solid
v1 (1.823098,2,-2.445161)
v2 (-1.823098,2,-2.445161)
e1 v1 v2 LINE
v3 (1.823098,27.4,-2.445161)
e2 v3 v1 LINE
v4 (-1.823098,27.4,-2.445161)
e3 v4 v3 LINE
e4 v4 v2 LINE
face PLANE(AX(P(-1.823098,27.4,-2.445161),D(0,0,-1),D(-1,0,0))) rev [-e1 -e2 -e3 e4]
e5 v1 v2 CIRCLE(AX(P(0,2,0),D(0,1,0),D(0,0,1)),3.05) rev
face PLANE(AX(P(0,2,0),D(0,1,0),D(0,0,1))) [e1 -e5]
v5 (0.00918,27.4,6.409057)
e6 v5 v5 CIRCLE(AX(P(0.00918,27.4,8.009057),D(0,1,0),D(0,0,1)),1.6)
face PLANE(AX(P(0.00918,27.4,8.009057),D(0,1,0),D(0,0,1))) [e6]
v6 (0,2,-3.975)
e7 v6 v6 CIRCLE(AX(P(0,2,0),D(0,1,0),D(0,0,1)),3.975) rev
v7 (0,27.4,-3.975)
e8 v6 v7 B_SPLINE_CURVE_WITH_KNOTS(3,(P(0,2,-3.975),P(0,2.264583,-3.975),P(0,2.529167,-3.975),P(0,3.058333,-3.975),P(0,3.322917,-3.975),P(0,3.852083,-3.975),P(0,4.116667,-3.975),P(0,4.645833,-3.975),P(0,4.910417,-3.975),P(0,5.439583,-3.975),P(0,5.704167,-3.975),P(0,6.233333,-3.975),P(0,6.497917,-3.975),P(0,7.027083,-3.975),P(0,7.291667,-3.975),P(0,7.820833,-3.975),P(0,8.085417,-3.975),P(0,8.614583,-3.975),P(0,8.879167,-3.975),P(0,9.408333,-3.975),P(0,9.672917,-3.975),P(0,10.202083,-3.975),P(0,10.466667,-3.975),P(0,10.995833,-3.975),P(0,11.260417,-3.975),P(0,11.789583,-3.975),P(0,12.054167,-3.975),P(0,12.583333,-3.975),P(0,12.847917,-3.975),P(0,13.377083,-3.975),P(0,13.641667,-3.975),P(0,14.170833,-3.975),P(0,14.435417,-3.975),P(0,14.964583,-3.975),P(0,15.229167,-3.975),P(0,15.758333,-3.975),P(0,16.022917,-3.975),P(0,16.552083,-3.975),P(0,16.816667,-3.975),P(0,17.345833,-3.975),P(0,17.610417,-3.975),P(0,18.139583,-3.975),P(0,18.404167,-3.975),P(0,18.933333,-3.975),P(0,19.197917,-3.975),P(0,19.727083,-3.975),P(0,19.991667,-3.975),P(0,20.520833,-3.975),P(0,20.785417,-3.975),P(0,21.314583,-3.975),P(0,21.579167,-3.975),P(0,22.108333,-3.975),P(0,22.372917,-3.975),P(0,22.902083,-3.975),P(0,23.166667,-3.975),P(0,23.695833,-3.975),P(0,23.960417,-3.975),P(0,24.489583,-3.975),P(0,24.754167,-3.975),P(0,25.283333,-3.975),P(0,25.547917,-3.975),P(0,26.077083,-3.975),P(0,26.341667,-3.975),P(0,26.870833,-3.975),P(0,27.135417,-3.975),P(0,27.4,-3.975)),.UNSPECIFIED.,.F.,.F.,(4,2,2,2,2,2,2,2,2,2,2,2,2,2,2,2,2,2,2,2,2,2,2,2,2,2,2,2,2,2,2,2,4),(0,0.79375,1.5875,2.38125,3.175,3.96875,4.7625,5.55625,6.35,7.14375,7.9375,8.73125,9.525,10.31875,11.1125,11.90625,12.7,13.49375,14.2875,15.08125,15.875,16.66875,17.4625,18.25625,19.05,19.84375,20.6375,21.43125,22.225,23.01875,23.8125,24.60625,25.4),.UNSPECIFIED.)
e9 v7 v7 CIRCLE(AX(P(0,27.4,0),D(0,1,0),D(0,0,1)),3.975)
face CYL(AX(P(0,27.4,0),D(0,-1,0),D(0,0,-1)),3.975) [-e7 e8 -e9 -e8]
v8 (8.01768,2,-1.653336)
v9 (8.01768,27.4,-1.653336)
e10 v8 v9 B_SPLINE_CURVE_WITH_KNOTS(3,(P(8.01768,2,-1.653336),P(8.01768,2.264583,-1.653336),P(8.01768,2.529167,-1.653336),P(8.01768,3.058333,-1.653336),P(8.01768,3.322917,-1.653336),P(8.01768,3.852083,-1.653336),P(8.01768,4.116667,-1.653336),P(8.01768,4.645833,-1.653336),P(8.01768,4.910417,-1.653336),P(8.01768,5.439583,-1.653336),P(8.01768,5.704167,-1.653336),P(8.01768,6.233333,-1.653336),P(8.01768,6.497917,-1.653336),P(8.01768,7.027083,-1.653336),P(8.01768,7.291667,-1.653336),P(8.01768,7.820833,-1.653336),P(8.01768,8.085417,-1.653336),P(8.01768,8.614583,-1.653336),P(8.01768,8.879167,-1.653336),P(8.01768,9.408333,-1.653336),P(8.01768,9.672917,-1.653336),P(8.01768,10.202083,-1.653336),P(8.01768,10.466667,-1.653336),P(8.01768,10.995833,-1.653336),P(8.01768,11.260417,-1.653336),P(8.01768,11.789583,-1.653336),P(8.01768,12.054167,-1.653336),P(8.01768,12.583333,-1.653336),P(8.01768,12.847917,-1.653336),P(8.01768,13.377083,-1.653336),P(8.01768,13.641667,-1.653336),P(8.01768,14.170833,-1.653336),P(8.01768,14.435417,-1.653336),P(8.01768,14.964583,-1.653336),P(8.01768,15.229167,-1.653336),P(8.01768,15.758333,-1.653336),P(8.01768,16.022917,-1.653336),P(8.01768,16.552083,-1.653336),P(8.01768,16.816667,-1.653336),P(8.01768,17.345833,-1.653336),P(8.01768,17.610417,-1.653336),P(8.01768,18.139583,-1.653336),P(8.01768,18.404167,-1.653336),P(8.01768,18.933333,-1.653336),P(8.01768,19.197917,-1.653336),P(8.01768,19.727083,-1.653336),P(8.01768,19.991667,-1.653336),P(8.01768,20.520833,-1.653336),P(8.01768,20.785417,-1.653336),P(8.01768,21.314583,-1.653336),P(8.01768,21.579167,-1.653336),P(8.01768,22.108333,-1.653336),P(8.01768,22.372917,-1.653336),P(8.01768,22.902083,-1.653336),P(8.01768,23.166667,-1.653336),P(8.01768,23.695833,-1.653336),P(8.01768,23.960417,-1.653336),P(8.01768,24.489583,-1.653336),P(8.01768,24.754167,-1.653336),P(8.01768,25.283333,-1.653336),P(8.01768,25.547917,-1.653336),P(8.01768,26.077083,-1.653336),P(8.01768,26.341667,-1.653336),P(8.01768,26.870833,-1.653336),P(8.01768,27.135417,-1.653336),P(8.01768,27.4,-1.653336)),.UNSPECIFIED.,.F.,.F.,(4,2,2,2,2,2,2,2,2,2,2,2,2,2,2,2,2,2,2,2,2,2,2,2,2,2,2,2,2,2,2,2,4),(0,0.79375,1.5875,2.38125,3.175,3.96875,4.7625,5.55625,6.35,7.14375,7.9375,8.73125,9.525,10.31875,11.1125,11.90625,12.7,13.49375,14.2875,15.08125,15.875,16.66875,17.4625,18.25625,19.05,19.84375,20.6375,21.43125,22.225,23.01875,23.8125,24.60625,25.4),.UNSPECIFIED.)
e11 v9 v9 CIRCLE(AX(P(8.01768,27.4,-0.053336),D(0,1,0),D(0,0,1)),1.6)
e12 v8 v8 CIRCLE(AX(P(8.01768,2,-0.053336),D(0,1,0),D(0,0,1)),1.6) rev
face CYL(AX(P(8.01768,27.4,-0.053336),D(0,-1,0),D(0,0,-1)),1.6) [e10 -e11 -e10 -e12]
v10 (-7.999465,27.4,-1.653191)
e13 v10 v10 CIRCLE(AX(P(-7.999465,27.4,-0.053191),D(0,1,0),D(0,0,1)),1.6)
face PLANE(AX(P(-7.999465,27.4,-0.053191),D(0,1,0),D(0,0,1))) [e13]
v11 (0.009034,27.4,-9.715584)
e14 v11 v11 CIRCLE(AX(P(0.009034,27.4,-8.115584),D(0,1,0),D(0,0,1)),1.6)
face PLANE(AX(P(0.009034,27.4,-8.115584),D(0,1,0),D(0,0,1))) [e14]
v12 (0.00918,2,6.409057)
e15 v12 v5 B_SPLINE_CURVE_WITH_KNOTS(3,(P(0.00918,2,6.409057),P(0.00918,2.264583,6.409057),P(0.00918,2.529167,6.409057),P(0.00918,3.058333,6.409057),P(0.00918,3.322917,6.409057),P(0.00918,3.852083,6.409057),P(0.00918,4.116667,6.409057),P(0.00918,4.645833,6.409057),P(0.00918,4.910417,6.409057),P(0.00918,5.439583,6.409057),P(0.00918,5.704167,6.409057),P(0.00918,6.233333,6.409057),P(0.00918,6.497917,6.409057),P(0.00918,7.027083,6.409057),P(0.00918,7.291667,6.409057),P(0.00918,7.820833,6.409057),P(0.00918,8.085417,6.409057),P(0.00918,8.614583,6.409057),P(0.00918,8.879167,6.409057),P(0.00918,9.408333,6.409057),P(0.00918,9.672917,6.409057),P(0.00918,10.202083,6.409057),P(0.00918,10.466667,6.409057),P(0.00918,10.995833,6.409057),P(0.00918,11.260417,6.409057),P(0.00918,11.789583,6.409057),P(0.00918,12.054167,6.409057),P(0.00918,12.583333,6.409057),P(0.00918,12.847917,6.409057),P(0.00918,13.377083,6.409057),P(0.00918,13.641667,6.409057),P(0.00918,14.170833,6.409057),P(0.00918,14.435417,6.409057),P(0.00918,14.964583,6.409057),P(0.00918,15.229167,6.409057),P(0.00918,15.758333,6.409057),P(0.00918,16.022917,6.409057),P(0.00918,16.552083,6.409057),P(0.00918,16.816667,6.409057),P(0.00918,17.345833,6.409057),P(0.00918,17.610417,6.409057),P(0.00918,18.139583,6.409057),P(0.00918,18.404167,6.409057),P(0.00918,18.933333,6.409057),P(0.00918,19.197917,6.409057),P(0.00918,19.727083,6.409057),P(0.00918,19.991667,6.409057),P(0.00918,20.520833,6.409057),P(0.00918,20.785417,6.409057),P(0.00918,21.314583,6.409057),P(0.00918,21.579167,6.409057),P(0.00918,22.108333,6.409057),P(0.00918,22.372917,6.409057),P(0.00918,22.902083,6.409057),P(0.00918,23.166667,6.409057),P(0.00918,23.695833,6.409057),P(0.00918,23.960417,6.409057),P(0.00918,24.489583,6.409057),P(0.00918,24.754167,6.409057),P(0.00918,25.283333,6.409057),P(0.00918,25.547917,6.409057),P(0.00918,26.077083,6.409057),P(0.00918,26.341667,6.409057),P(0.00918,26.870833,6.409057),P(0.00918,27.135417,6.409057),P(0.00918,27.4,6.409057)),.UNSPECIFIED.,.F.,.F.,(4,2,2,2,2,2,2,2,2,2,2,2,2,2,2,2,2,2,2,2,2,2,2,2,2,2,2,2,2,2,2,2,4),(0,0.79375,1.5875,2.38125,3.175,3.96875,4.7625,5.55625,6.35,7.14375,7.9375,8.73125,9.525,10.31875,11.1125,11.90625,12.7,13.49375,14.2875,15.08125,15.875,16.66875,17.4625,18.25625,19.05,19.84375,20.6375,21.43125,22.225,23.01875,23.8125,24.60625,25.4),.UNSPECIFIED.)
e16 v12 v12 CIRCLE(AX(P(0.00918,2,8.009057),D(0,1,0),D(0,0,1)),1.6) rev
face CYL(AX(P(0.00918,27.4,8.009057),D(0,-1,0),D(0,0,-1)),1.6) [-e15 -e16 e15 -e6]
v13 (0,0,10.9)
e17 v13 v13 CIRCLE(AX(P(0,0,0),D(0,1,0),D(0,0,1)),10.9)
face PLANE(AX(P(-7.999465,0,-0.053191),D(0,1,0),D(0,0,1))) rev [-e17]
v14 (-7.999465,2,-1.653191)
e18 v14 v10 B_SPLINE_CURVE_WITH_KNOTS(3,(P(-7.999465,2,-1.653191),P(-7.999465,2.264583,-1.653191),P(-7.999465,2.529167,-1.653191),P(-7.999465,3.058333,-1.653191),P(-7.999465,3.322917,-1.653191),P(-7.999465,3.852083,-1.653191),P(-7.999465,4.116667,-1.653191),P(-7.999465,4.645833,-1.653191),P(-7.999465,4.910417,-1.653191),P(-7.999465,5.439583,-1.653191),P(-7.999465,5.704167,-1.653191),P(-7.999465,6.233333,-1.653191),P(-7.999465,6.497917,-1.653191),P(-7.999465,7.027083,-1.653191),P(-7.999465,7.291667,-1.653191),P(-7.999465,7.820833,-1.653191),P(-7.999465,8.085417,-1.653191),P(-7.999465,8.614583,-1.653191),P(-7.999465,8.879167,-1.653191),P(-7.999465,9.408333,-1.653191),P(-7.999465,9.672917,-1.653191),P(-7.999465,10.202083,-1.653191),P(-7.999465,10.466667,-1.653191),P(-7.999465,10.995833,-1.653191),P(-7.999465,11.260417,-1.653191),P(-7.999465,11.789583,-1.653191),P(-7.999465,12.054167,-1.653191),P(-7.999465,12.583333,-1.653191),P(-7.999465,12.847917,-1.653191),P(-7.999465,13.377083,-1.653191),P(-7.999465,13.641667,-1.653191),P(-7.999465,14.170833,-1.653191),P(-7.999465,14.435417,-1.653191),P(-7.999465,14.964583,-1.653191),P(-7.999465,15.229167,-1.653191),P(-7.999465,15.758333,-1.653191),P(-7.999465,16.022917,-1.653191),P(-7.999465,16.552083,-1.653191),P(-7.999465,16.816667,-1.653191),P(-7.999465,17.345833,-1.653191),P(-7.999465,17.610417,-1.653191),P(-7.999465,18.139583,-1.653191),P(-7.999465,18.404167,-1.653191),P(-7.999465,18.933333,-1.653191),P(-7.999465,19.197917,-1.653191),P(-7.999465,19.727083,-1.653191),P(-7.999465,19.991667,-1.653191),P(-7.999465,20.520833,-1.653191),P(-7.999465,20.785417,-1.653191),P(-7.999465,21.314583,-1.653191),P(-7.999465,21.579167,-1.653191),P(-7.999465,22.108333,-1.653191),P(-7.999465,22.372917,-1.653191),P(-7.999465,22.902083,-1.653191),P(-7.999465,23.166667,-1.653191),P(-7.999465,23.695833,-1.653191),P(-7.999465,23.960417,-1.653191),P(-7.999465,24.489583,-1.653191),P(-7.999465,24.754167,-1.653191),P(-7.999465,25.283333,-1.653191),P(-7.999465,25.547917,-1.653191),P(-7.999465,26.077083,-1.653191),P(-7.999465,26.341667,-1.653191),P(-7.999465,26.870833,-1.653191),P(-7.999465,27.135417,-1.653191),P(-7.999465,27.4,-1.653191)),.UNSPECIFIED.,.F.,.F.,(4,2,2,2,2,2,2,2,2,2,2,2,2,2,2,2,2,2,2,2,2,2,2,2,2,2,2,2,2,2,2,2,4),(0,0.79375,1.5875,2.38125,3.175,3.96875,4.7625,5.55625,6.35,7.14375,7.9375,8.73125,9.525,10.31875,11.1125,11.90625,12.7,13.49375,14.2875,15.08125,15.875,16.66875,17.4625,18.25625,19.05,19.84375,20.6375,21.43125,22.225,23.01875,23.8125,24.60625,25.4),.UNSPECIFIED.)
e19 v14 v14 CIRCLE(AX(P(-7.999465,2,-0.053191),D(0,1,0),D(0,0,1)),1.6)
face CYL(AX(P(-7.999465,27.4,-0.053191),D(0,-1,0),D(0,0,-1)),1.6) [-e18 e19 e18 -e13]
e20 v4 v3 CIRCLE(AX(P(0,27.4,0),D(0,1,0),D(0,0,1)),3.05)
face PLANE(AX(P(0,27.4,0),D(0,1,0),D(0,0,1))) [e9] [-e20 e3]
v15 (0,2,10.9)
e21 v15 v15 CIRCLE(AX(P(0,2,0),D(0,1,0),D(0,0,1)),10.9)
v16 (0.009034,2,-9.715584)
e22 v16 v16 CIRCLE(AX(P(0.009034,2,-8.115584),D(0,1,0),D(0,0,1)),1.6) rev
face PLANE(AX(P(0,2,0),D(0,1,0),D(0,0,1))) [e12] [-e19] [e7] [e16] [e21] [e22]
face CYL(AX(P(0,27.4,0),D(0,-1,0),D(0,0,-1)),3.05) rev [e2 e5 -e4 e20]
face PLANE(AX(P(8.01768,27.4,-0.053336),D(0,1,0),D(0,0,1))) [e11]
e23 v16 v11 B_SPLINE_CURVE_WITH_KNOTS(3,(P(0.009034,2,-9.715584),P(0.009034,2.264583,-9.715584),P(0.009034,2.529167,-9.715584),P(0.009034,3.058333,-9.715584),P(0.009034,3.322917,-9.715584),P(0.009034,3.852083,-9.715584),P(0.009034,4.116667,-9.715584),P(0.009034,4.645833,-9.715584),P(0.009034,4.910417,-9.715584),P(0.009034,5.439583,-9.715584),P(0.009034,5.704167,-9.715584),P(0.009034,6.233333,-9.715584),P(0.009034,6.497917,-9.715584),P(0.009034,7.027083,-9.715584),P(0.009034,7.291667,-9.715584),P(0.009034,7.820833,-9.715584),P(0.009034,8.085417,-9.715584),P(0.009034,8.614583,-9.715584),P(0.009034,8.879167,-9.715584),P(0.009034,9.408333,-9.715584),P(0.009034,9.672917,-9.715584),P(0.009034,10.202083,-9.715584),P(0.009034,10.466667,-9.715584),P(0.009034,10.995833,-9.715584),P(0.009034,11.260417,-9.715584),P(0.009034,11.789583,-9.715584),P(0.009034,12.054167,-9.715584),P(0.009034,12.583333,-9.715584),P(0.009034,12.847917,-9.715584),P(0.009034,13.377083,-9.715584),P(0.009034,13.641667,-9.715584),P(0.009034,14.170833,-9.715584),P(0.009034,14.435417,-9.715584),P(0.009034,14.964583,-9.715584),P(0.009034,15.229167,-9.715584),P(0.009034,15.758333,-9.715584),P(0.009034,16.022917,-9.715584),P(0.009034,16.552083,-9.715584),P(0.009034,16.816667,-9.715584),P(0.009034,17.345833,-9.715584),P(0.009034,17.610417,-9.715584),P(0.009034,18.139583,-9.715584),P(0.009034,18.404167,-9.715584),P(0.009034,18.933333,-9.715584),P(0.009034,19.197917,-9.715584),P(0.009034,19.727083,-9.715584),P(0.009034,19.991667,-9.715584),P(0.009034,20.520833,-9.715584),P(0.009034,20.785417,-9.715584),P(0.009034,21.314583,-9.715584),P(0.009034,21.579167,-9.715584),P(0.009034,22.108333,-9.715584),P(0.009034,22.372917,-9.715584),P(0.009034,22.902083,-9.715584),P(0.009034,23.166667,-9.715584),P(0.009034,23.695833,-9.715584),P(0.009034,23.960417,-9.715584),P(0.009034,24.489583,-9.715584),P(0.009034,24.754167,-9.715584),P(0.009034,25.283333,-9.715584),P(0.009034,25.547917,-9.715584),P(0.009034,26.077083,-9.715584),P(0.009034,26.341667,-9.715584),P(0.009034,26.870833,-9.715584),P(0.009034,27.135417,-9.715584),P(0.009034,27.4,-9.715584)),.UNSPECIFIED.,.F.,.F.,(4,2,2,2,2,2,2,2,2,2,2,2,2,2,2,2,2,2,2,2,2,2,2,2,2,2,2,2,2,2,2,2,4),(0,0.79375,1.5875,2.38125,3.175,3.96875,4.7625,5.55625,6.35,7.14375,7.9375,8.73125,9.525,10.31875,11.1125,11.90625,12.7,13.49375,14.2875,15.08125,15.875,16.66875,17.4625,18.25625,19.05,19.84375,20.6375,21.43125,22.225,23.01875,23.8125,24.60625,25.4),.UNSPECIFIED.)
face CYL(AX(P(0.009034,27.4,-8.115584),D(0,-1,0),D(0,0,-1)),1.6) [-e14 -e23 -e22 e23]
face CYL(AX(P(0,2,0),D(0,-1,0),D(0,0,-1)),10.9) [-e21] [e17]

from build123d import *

# Parameters (mm, degrees)
SKETCH3_R             = 1.6
BOSS_EXTRUDE1_DEPTH   = 27.4
BOSS_EXTRUDE1_2_DEPTH = 27.4
BOSS_EXTRUDE1_3_DEPTH = 27.4
BOSS_EXTRUDE1_4_DEPTH = 27.4
SKETCH3_R_2           = 3.975
BOSS_EXTRUDE1_5_DEPTH = 27.4
SKETCH3_17_R          = 10.9
BOSS_EXTRUDE2_DEPTH   = 2


with BuildPart() as part:
    # Sketch3 → Boss-Extrude1 (new body)
    with BuildSketch(Plane(origin=(0, 0, 0), x_dir=(1, 0, 0), z_dir=(0, 1, 0))):
        with Locations((0.009034474, 8.115584077)):
            Circle(SKETCH3_R)
    extrude(amount=BOSS_EXTRUDE1_DEPTH)



with BuildPart() as body_2:
    # Sketch3 → Boss-Extrude1 2 (new body)
    with BuildSketch(Plane(origin=(0, 0, 0), x_dir=(1, 0, 0), z_dir=(0, 1, 0))):
        with Locations((8.017679827, 0.053335715)):
            Circle(SKETCH3_R)
    extrude(amount=BOSS_EXTRUDE1_2_DEPTH)


with BuildPart() as body_3:
    # Sketch3 → Boss-Extrude1 3 (new body)
    with BuildSketch(Plane(origin=(0, 0, 0), x_dir=(1, 0, 0), z_dir=(0, 1, 0))):
        with Locations((0.009179949, -8.009057152)):
            Circle(SKETCH3_R)
    extrude(amount=BOSS_EXTRUDE1_3_DEPTH)


with BuildPart() as body_4:
    # Sketch3 → Boss-Extrude1 4 (new body)
    with BuildSketch(Plane(origin=(0, 0, 0), x_dir=(1, 0, 0), z_dir=(0, 1, 0))):
        with Locations((-7.999465404, 0.05319121)):
            Circle(SKETCH3_R)
    extrude(amount=BOSS_EXTRUDE1_4_DEPTH)


with BuildPart() as body_5:
    # Sketch3 → Boss-Extrude1 5 (new body)
    with BuildSketch(Plane(origin=(0, 0, 0), x_dir=(1, 0, 0), z_dir=(0, 1, 0))):
        Circle(SKETCH3_R_2)
        with BuildLine():
            Line((-1.823098343, 2.445161023), (1.823098343, 2.445161023))
            ThreePointArc((1.823098343, 2.445161023), (0, -3.05), (-1.823098343, 2.445161023))
        make_face(mode=Mode.SUBTRACT)
    extrude(amount=BOSS_EXTRUDE1_5_DEPTH)


with BuildPart() as part_1:
    add(part.part)

    add(body_2.part)  # Boss-Extrude2 merges body 2

    add(body_3.part)  # Boss-Extrude2 merges body 3

    add(body_4.part)  # Boss-Extrude2 merges body 4

    add(body_5.part)  # Boss-Extrude2 merges body 5
    # Sketch3<17> → Boss-Extrude2 (add)
    with BuildSketch(Plane(origin=(0, 0, 0), x_dir=(1, 0, 0), z_dir=(0, 1, 0))):
        Circle(SKETCH3_17_R)
    extrude(amount=BOSS_EXTRUDE2_DEPTH)


solid = part_1.part
